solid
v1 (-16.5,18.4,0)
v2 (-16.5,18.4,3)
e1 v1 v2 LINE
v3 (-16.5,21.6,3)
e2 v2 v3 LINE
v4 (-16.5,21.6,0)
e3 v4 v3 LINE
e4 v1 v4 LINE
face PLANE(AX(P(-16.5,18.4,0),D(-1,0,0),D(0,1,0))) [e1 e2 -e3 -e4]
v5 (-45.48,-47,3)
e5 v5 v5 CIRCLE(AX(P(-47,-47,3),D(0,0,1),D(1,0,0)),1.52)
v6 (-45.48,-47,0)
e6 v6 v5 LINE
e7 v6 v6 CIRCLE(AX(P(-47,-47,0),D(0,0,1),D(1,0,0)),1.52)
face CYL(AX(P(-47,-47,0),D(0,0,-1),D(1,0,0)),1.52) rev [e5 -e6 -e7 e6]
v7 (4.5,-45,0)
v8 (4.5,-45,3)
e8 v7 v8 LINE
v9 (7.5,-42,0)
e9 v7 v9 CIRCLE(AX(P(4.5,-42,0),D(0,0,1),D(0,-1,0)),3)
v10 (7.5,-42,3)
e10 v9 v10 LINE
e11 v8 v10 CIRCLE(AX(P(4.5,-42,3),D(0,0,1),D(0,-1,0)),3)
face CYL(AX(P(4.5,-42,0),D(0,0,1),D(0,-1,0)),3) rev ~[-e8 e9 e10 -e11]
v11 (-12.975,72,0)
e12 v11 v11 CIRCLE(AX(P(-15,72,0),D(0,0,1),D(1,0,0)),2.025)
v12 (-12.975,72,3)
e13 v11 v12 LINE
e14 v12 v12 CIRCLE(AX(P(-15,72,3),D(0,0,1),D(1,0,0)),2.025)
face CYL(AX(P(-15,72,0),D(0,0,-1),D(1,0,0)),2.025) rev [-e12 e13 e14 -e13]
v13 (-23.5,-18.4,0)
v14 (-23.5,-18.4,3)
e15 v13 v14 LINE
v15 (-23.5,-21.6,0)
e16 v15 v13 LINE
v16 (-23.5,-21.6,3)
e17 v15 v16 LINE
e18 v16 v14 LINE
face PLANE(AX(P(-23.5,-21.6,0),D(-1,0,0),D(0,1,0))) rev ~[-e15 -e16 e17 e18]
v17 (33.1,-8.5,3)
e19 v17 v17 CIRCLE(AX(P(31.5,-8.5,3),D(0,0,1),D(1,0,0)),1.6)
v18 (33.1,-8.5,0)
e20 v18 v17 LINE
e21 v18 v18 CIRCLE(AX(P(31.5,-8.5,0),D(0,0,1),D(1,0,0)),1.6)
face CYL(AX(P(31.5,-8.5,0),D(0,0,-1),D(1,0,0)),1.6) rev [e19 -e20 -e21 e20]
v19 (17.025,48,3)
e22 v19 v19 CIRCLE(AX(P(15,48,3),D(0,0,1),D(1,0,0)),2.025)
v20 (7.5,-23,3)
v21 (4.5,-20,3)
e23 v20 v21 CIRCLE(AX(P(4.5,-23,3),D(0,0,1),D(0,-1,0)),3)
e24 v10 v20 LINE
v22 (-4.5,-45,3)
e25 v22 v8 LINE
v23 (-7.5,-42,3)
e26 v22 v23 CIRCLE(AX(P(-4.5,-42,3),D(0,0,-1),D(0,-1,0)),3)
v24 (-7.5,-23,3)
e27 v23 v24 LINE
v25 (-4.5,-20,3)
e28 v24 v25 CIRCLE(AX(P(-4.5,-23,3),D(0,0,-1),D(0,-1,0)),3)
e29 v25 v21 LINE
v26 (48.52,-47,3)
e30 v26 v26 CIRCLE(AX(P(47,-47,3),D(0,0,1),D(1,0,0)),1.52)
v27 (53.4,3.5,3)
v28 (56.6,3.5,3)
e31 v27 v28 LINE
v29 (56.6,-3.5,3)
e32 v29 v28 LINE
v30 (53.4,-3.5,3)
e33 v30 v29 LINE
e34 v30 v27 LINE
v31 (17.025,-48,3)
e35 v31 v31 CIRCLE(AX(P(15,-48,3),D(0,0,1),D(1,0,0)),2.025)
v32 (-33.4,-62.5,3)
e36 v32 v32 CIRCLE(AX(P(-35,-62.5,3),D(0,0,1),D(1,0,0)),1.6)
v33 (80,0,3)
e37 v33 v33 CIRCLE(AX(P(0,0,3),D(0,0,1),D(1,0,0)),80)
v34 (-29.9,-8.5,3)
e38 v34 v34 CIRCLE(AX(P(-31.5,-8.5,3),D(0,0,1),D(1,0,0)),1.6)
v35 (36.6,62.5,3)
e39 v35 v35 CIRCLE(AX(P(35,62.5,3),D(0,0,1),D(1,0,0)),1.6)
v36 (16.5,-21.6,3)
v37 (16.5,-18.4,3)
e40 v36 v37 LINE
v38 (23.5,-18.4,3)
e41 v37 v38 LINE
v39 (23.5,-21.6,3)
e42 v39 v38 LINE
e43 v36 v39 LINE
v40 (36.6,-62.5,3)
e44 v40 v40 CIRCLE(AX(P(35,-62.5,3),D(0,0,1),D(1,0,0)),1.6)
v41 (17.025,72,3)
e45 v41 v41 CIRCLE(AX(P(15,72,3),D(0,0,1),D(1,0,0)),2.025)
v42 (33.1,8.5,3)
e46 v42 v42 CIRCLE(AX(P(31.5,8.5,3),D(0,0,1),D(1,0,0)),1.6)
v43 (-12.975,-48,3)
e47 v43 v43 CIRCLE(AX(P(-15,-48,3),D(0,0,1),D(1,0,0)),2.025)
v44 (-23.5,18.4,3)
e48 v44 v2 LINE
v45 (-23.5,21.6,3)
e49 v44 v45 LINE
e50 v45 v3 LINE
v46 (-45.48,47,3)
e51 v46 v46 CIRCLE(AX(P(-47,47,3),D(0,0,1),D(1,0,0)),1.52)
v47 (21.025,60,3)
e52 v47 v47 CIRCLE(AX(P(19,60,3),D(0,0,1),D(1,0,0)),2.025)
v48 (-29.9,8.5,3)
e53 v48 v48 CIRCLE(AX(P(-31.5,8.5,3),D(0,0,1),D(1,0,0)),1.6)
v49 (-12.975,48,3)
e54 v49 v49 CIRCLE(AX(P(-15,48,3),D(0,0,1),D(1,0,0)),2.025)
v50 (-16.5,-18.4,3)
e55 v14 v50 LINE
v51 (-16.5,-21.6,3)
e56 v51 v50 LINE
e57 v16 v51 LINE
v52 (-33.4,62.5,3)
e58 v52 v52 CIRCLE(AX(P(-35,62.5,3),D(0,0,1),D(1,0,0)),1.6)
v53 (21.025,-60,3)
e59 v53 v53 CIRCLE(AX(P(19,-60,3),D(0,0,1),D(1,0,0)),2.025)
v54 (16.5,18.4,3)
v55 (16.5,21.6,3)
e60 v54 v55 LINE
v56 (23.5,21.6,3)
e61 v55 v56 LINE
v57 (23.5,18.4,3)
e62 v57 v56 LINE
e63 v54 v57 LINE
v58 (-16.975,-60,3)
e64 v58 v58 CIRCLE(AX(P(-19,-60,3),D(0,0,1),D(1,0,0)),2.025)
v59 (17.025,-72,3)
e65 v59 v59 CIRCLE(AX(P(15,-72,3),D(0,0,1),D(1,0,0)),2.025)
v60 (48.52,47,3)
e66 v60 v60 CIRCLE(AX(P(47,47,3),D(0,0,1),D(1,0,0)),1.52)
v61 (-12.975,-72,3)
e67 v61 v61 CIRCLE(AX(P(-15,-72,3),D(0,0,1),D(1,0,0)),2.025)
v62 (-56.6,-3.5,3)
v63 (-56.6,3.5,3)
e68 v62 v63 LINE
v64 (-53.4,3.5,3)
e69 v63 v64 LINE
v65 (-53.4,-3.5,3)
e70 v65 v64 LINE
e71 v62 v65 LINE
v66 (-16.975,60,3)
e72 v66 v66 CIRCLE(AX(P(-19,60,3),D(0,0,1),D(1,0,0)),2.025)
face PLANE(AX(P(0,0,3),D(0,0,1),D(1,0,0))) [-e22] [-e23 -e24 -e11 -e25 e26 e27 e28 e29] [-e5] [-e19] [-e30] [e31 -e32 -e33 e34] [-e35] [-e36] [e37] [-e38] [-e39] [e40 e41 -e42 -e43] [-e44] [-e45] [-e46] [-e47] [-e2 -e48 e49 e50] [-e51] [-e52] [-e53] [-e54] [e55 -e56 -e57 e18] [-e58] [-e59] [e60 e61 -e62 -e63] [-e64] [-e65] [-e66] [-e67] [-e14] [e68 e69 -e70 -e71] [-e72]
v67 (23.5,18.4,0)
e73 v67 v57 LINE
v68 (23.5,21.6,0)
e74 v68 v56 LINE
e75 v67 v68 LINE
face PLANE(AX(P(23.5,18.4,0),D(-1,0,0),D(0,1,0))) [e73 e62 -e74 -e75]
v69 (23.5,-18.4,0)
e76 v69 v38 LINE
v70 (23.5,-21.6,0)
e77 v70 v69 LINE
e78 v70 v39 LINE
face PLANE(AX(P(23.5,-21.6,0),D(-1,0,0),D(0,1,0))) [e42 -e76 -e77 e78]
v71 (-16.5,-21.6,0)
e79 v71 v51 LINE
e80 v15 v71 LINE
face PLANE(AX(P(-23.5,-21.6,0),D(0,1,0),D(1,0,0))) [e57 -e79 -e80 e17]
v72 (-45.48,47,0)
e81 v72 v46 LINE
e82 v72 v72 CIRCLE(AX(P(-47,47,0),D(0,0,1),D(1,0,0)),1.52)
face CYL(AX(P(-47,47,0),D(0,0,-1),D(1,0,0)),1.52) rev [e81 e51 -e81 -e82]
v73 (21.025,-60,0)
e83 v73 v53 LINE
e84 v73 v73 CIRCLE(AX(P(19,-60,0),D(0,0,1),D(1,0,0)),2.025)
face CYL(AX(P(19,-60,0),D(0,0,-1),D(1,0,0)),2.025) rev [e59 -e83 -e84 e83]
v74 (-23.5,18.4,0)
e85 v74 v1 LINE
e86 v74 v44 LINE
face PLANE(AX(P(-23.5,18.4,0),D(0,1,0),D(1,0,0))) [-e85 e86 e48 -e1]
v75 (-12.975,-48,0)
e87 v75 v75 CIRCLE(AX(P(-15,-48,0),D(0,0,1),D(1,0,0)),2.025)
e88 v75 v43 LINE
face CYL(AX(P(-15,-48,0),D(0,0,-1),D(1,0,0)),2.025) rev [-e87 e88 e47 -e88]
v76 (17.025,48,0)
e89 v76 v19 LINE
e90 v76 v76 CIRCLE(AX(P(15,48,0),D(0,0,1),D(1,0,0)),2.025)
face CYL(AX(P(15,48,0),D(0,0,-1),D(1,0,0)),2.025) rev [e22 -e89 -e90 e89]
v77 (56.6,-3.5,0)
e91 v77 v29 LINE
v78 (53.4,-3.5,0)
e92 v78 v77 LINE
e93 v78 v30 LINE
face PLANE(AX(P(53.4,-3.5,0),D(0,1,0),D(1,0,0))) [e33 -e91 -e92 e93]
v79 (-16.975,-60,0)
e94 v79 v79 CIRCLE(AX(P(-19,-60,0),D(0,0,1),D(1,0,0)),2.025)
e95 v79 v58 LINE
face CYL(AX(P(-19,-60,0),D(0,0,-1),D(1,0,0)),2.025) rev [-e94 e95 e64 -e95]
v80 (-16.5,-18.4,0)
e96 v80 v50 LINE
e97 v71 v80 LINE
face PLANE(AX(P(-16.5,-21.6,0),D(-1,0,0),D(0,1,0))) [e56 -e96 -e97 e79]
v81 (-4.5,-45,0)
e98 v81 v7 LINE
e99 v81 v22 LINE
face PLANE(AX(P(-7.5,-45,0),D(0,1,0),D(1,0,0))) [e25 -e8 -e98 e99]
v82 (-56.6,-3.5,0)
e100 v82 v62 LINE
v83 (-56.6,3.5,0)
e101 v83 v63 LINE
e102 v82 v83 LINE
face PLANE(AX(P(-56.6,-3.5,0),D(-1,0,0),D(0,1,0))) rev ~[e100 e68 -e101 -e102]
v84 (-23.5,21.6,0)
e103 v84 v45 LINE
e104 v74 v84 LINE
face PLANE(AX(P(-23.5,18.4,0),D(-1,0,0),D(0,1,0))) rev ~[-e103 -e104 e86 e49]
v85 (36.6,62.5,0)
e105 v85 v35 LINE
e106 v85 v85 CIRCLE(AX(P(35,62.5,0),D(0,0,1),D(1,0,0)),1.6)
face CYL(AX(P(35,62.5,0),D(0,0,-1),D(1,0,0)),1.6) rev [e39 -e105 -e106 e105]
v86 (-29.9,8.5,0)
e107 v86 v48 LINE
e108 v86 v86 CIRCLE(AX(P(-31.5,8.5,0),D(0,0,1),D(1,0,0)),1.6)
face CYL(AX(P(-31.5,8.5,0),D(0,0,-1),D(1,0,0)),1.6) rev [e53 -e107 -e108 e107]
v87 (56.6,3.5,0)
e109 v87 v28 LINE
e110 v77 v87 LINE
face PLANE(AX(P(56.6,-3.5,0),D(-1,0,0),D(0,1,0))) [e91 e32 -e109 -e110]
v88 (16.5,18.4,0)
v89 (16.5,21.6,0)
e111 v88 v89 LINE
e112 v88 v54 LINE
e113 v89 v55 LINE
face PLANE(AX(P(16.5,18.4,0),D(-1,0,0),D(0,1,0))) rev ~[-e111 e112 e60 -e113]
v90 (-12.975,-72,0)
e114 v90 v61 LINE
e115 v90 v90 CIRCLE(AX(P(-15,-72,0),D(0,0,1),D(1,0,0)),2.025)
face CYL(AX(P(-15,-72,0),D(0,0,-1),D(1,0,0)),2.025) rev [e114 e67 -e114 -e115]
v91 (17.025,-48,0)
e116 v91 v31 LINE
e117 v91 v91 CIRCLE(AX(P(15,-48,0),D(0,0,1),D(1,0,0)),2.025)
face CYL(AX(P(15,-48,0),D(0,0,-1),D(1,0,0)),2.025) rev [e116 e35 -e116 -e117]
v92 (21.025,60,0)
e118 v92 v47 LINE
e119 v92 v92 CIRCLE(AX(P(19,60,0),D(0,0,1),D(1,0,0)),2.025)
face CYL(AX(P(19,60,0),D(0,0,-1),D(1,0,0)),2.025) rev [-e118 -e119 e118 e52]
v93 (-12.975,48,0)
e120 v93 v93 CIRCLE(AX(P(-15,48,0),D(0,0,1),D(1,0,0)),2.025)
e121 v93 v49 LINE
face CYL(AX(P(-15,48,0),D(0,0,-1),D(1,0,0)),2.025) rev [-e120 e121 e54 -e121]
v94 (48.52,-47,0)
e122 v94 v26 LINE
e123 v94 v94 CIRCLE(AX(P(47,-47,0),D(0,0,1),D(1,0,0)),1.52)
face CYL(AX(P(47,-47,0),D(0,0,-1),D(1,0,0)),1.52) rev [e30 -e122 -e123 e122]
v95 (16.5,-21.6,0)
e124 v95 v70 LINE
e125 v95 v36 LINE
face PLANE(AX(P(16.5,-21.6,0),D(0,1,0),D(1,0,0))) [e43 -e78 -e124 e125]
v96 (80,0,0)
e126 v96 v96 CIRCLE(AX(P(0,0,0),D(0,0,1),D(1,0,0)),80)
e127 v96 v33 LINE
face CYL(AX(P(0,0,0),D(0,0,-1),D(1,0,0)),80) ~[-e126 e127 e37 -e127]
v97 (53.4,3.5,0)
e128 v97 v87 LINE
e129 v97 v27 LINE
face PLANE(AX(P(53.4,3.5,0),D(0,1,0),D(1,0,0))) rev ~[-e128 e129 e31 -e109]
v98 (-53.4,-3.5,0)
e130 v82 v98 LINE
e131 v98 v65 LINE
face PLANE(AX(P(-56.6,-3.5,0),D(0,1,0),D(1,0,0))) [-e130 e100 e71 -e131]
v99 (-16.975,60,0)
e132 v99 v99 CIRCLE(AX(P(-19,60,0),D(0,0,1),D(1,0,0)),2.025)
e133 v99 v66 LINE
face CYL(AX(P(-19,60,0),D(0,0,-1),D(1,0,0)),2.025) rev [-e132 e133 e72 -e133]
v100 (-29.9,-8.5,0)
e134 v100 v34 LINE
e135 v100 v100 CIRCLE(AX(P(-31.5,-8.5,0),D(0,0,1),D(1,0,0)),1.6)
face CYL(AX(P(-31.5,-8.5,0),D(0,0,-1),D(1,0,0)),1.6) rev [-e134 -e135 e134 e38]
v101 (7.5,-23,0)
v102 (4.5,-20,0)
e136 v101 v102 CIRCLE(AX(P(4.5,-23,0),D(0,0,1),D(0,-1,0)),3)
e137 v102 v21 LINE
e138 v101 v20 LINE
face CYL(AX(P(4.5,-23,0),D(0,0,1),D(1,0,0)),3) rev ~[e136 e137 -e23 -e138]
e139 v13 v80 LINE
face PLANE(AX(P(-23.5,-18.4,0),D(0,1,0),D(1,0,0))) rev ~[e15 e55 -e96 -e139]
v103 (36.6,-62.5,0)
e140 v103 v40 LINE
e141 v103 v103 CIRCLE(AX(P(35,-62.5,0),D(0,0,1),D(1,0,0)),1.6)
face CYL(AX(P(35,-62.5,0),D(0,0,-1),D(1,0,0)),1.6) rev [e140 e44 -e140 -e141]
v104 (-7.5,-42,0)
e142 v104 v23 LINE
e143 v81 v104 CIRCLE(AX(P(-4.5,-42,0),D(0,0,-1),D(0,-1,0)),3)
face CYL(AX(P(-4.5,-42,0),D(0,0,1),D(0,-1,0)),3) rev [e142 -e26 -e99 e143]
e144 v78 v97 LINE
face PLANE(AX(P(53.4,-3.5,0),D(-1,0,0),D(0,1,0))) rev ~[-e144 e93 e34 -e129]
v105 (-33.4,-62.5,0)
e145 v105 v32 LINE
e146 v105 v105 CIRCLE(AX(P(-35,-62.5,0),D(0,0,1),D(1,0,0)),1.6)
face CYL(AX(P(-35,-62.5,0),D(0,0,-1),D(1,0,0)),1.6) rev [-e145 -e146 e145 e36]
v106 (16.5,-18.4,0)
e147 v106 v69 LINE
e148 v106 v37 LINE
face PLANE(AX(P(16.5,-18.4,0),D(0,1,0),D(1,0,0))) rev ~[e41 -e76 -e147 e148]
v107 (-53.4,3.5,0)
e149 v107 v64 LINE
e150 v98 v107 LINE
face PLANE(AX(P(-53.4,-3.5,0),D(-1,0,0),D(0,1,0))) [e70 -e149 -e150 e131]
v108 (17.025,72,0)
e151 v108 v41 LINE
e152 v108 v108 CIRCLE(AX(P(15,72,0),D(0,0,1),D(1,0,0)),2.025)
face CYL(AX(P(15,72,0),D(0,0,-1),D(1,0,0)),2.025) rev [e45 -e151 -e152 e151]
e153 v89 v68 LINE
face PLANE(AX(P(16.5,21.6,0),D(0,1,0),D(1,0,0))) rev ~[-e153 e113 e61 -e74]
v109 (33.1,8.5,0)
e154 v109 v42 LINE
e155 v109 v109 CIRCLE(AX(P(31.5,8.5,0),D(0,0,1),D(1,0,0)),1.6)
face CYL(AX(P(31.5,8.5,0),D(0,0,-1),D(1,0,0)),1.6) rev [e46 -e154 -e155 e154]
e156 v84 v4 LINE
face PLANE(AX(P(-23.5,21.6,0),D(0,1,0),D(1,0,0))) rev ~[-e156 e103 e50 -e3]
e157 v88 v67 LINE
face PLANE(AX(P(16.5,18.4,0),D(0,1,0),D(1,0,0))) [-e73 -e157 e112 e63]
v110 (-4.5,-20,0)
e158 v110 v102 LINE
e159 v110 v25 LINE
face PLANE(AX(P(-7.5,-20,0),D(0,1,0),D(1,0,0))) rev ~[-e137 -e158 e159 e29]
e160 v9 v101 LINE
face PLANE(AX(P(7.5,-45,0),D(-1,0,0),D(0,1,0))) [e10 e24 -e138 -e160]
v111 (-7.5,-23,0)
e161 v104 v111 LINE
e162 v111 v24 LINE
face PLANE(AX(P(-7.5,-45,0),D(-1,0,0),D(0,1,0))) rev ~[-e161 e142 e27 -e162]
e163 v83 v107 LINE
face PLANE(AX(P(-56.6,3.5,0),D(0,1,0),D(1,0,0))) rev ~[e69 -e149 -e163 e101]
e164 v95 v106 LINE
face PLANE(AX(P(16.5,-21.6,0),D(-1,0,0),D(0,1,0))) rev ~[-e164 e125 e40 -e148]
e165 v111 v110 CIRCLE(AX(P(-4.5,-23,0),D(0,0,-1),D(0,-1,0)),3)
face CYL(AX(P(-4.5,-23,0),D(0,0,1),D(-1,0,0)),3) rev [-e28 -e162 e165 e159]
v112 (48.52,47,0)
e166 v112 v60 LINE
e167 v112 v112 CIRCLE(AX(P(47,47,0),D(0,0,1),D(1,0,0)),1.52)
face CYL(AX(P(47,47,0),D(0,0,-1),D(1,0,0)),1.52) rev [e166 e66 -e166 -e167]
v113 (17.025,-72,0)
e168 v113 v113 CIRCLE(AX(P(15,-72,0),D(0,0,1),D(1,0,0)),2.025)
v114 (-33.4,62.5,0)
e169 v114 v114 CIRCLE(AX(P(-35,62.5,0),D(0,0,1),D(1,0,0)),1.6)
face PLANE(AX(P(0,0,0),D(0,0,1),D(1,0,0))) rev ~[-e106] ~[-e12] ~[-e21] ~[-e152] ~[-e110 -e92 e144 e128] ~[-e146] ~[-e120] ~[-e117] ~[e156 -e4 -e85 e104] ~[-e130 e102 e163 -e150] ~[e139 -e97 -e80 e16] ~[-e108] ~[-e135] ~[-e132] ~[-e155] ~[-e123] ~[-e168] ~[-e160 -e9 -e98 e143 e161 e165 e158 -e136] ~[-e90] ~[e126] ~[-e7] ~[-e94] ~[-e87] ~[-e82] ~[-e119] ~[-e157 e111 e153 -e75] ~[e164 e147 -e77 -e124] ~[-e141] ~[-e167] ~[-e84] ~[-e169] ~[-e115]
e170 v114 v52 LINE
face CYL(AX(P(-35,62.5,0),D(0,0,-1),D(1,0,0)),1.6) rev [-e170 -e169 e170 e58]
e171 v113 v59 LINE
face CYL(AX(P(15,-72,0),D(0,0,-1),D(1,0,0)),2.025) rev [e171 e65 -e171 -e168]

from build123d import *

# Parameters (mm, degrees)
SKETCH_1_R      = 80
SKETCH_1_R_2    = 1.52
SKETCH_1_R_3    = 2.025
SKETCH_1_R_4    = 1.6
SKETCH_1_W      = 15
SKETCH_1_H      = 25
EXTRUDE_1_DEPTH = 3
SKETCH_1103_W   = 7
SKETCH_1103_H   = 3.2
SKETCH_1103_W_2 = 3.2
SKETCH_1103_H_2 = 7
BB_DEPTH        = 3
FILLET_1_R      = 3


with BuildPart() as part:
    # 草图1 → 凸台-拉伸1 (new body)
    with BuildSketch(Plane.XY):
        Circle(SKETCH_1_R)
        with Locations((-47, 47)):
            Circle(SKETCH_1_R_2, mode=Mode.SUBTRACT)
        with Locations((47, 47)):
            Circle(SKETCH_1_R_2, mode=Mode.SUBTRACT)
        with Locations((47, -47)):
            Circle(SKETCH_1_R_2, mode=Mode.SUBTRACT)
        with Locations((-47, -47)):
            Circle(SKETCH_1_R_2, mode=Mode.SUBTRACT)
        with Locations((19, 60)):
            Circle(SKETCH_1_R_3, mode=Mode.SUBTRACT)
        with Locations((15, 72)):
            Circle(SKETCH_1_R_3, mode=Mode.SUBTRACT)
        with Locations((15, 48)):
            Circle(SKETCH_1_R_3, mode=Mode.SUBTRACT)
        with Locations((-15, 48)):
            Circle(SKETCH_1_R_3, mode=Mode.SUBTRACT)
        with Locations((-19, 60)):
            Circle(SKETCH_1_R_3, mode=Mode.SUBTRACT)
        with Locations((-15, 72)):
            Circle(SKETCH_1_R_3, mode=Mode.SUBTRACT)
        with Locations((15, -48)):
            Circle(SKETCH_1_R_3, mode=Mode.SUBTRACT)
        with Locations((15, -72)):
            Circle(SKETCH_1_R_3, mode=Mode.SUBTRACT)
        with Locations((19, -60)):
            Circle(SKETCH_1_R_3, mode=Mode.SUBTRACT)
        with Locations((-15, -48)):
            Circle(SKETCH_1_R_3, mode=Mode.SUBTRACT)
        with Locations((-19, -60)):
            Circle(SKETCH_1_R_3, mode=Mode.SUBTRACT)
        with Locations((-15, -72)):
            Circle(SKETCH_1_R_3, mode=Mode.SUBTRACT)
        with Locations((-35, 62.5)):
            Circle(SKETCH_1_R_4, mode=Mode.SUBTRACT)
        with Locations((-35, -62.5)):
            Circle(SKETCH_1_R_4, mode=Mode.SUBTRACT)
        with Locations((-31.5, 8.5)):
            Circle(SKETCH_1_R_4, mode=Mode.SUBTRACT)
        with Locations((-31.5, -8.5)):
            Circle(SKETCH_1_R_4, mode=Mode.SUBTRACT)
        with Locations((31.5, -8.5)):
            Circle(SKETCH_1_R_4, mode=Mode.SUBTRACT)
        with Locations((31.5, 8.5)):
            Circle(SKETCH_1_R_4, mode=Mode.SUBTRACT)
        with Locations((35, 62.5)):
            Circle(SKETCH_1_R_4, mode=Mode.SUBTRACT)
        with Locations((35, -62.5)):
            Circle(SKETCH_1_R_4, mode=Mode.SUBTRACT)
        with Locations((0, -32.5)):
            Rectangle(SKETCH_1_W, SKETCH_1_H, mode=Mode.SUBTRACT)
    extrude(amount=EXTRUDE_1_DEPTH)

    # Sketch 1103 → 电池+BB响扎带孔位 (cut)
    with BuildSketch(Plane.XY):
        with Locations((20, -20)):
            Rectangle(SKETCH_1103_W, SKETCH_1103_H)
        with Locations((20, 20)):
            Rectangle(SKETCH_1103_W, SKETCH_1103_H)
        with Locations((55, 0)):
            Rectangle(SKETCH_1103_W_2, SKETCH_1103_H_2)
        with Locations((-20, 20)):
            Rectangle(SKETCH_1103_W, SKETCH_1103_H)
        with Locations((-55, 0)):
            Rectangle(SKETCH_1103_W_2, SKETCH_1103_H_2)
        with Locations((-20, -20)):
            Rectangle(SKETCH_1103_W, SKETCH_1103_H)
    extrude(amount=BB_DEPTH, mode=Mode.SUBTRACT)

    # 圆角1
    fillet_1_edges = [part.edges().sort_by_distance(p)[0] for p in [
        (-7.5, -20, 1.5),
        (-7.5, -45, 1.5),
        (7.5, -45, 1.5),
        (7.5, -20, 1.5),
    ]]
    fillet(fillet_1_edges, radius=FILLET_1_R)


solid = part.part
